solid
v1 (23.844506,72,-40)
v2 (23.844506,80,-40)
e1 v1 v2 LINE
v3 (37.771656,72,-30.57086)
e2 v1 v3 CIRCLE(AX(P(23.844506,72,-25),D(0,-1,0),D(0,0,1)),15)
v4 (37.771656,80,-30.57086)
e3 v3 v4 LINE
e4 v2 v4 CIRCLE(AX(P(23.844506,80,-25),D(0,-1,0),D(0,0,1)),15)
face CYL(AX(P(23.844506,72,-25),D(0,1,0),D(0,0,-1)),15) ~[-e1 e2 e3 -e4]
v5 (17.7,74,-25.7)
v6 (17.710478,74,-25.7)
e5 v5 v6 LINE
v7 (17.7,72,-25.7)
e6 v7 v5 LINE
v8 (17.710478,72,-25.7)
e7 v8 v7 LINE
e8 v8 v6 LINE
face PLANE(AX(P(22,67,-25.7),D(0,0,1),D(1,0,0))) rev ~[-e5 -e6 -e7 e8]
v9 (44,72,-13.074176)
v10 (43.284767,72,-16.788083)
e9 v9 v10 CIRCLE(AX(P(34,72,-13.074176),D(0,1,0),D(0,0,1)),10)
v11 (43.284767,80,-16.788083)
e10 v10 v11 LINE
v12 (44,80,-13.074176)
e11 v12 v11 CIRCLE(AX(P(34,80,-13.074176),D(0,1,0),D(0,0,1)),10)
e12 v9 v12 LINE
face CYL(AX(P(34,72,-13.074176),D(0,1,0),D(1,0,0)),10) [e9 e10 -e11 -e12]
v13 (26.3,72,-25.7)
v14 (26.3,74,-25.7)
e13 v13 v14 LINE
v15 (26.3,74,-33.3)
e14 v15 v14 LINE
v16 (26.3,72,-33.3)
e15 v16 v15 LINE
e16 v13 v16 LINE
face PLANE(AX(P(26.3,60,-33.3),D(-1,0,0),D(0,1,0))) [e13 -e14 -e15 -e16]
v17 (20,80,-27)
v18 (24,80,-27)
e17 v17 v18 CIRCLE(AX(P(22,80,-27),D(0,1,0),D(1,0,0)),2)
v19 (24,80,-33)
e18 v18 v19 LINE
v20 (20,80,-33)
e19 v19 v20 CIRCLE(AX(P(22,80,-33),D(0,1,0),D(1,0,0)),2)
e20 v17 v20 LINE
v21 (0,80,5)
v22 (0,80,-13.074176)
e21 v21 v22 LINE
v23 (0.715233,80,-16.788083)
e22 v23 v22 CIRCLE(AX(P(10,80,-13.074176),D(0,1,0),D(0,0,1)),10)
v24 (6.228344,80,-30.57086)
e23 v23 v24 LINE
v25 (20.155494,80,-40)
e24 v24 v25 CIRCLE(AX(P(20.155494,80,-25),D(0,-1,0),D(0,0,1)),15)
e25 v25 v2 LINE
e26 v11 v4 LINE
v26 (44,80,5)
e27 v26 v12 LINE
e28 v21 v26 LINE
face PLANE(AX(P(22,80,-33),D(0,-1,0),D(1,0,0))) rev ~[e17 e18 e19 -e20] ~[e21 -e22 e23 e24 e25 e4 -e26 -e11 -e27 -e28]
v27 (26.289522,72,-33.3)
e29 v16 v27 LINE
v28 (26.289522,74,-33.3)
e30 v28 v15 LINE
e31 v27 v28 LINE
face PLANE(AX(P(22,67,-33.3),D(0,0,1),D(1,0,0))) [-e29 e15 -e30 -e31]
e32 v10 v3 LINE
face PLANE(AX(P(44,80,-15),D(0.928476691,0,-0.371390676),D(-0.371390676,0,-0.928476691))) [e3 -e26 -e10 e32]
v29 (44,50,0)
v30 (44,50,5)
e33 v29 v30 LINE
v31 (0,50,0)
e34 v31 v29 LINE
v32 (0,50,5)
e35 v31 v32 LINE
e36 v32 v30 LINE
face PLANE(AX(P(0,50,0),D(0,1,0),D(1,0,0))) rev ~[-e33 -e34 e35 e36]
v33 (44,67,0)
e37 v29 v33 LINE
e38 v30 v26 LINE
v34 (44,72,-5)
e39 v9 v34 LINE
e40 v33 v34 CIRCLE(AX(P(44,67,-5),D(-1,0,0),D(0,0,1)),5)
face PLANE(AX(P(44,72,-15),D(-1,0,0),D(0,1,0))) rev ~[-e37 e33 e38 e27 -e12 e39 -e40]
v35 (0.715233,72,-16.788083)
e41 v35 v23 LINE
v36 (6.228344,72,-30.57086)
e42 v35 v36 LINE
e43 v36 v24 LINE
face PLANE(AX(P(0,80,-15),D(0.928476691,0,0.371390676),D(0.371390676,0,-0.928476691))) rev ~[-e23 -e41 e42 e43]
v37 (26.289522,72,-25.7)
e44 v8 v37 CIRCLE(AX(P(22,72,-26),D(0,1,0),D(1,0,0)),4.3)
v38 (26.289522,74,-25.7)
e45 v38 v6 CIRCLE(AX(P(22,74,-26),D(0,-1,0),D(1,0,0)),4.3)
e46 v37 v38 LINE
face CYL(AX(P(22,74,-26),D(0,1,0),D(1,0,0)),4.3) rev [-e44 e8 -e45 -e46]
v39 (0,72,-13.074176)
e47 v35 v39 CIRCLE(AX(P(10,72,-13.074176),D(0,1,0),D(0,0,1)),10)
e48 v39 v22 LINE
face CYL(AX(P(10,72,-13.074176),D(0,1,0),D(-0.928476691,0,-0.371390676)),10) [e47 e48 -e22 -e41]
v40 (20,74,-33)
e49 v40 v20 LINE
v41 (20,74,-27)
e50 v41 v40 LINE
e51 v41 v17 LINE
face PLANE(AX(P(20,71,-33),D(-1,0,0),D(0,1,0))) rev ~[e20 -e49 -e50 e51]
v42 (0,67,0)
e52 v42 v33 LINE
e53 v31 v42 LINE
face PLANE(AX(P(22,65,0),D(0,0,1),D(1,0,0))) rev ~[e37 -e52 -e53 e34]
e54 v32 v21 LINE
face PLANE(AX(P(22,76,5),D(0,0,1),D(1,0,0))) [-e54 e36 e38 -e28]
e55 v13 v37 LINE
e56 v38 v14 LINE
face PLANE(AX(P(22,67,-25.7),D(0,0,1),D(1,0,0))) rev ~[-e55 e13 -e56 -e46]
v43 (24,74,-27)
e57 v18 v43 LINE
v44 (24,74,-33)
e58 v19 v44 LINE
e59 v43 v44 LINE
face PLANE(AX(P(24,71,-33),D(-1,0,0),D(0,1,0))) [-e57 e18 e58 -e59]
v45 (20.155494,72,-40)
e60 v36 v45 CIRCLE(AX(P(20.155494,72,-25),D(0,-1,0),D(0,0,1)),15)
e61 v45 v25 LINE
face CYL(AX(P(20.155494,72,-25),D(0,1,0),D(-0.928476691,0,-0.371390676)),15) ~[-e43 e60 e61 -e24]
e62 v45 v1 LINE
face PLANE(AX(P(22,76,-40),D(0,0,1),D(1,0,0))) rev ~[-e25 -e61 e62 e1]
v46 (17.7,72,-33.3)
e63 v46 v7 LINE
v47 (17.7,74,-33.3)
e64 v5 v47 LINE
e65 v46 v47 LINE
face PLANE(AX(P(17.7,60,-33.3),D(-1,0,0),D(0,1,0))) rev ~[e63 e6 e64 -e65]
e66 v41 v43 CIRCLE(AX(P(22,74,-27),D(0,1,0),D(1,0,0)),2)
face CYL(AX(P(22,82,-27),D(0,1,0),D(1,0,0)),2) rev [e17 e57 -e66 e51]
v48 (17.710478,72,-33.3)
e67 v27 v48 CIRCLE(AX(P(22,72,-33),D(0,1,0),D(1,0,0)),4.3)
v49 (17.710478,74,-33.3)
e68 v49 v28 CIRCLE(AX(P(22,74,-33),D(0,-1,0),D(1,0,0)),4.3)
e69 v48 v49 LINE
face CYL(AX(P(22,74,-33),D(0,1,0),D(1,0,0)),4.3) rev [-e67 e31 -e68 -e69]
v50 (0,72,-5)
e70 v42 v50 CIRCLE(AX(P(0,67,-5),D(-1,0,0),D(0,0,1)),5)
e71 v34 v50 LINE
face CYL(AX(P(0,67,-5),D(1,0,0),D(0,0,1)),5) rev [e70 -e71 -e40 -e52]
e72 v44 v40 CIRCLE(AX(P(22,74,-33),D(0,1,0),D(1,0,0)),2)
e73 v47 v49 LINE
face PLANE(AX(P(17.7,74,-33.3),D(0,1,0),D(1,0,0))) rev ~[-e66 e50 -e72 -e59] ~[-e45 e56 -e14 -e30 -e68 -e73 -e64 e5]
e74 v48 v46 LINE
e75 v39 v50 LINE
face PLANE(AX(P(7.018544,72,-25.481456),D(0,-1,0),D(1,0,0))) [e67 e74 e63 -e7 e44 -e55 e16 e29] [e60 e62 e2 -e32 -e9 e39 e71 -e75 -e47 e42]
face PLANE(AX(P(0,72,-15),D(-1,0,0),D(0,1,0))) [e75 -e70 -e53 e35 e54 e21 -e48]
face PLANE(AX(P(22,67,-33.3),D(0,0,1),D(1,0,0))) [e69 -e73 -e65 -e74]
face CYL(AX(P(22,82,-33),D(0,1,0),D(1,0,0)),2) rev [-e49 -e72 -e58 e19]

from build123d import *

# Parameters (mm, degrees)
BOX009_W                  = 8.6
BOX009_H                  = 14
BOX009_DEPTH              = 7.6
CYLINDER017_R             = 4.3
CYLINDER017_DEPTH         = 10
CYLINDER016_R             = 4.3
CYLINDER016_DEPTH         = 10
CYLINDER018_R             = 2
CYLINDER018_DEPTH         = 10
CYLINDER019_R             = 4.25
CYLINDER019_DEPTH         = 10
CYLINDER015_R             = 2
CYLINDER015_DEPTH         = 10
BOX008_W                  = 4
BOX008_H                  = 16
BOX008_DEPTH              = 6
BOX010_W                  = 15
BOX010_H                  = 8
BOX010_DEPTH              = 10
CYLINDER013_R             = 2
CYLINDER013_DEPTH         = 10
CYLINDER014_R             = 4.25
CYLINDER014_DEPTH         = 10
FUSION013_PLACEMENT_ANGLE = 180
CYLINDER010_R             = 4.25
CYLINDER010_DEPTH         = 10
CYLINDER011_R             = 2
CYLINDER011_DEPTH         = 10
CYLINDER012_R             = 4.25
CYLINDER012_DEPTH         = 10
EXTRUDE001_DEPTH          = 8
BOX007_W                  = 24
BOX007_H                  = 8
BOX007_DEPTH              = 45
BOX006_W                  = 44
BOX006_H                  = 8
BOX006_DEPTH              = 15
BOX005_W                  = 44
BOX005_H                  = 30
BOX005_DEPTH              = 5
FILLET003_R               = 5
FILLET005_R               = 15
FILLET004_R               = 10
CHAMFER004_SIZE           = 2.2
CHAMFER005_SIZE           = 2.2


with BuildPart() as cube009:
    # Box009 → Box009 (new body)
    with BuildSketch(Plane(origin=(17.7, 59, -33.3), x_dir=(1, 0, 0), z_dir=(0, 0, 1))):
        with Locations((4.3, 7)):
            Rectangle(BOX009_W, BOX009_H)
    extrude(amount=BOX009_DEPTH)


with BuildPart() as cylinder017:
    # Cylinder017 → Cylinder017 (new body)
    with BuildSketch(Plane(origin=(22, 73, -26), x_dir=(1, 0, 0), z_dir=(0, -1, 0))):
        Circle(CYLINDER017_R)
    extrude(amount=CYLINDER017_DEPTH)


with BuildPart() as corta_grande:
    # Cylinder016 → Cylinder016 (new body)
    with BuildSketch(Plane(origin=(22, 73, -33), x_dir=(1, 0, 0), z_dir=(0, -1, 0))):
        Circle(CYLINDER016_R)
    extrude(amount=CYLINDER016_DEPTH)

    # Fusion017: union Cube009, Cylinder017
    add(cube009.part)
    add(cylinder017.part)


with BuildPart() as corta_grande_1:
    # Fusion017 placement: moved
    add(corta_grande.part.moved(Location((0, 1, 0))))


with BuildPart() as cylinder018:
    # Cylinder018 → Cylinder018 (new body)
    with BuildSketch(Plane(origin=(22, 80, -33), x_dir=(1, 0, 0), z_dir=(0, -1, 0))):
        Circle(CYLINDER018_R)
    extrude(amount=CYLINDER018_DEPTH)


with BuildPart() as fusion018:
    # Cylinder019 → Cylinder019 (new body)
    with BuildSketch(Plane(origin=(22, 89, -33), x_dir=(1, 0, 0), z_dir=(0, -1, 0))):
        Circle(CYLINDER019_R)
    extrude(amount=CYLINDER019_DEPTH)

    # Fusion018: union Cylinder018
    add(cylinder018.part)


with BuildPart() as cylinder015:
    # Cylinder015 → Cylinder015 (new body)
    with BuildSketch(Plane(origin=(22, 80, -27), x_dir=(1, 0, 0), z_dir=(0, -1, 0))):
        Circle(CYLINDER015_R)
    extrude(amount=CYLINDER015_DEPTH)


with BuildPart() as corta_chico:
    # Box008 → Box008 (new body)
    with BuildSketch(Plane(origin=(20, 69, -33), x_dir=(1, 0, 0), z_dir=(0, 0, 1))):
        with Locations((2, 8)):
            Rectangle(BOX008_W, BOX008_H)
    extrude(amount=BOX008_DEPTH)

    # Fusion016: union Cylinder015
    add(cylinder015.part)

    # Fusion019: union Fusion018
    add(fusion018.part)


with BuildPart() as corta_chico_1:
    # Fusion019 placement: moved
    add(corta_chico.part.moved(Location((0, 2, 0))))


with BuildPart() as cube010:
    # Box010 → Box010 (new body)
    with BuildSketch(Plane(origin=(14, 72, -38), x_dir=(1, 0, 0), z_dir=(0, 0, 1))):
        with Locations((7.5, 4)):
            Rectangle(BOX010_W, BOX010_H)
    extrude(amount=BOX010_DEPTH)


with BuildPart() as cylinder013:
    # Cylinder013 → Cylinder013 (new body)
    with BuildSketch(Plane(origin=(22, 80, -33), x_dir=(1, 0, 0), z_dir=(0, -1, 0))):
        Circle(CYLINDER013_R)
    extrude(amount=CYLINDER013_DEPTH)


with BuildPart() as fusion013:
    # Cylinder014 → Cylinder014 (new body)
    with BuildSketch(Plane(origin=(22, 89, -33), x_dir=(1, 0, 0), z_dir=(0, -1, 0))):
        Circle(CYLINDER014_R)
    extrude(amount=CYLINDER014_DEPTH)

    # Fusion013: union Cylinder013
    add(cylinder013.part)


with BuildPart() as fusion013_1:
    # Fusion013 placement: moved
    add(fusion013.part.moved(Location((0, 152, -66))).rotate(Axis((0, 152, -66), (1, 0, 0)), FUSION013_PLACEMENT_ANGLE))


with BuildPart() as cylinder010:
    # Cylinder010 → Cylinder010 (new body)
    with BuildSketch(Plane(origin=(22, 80, -33), x_dir=(1, 0, 0), z_dir=(0, -1, 0))):
        Circle(CYLINDER010_R)
    extrude(amount=CYLINDER010_DEPTH)


with BuildPart() as cylinder011:
    # Cylinder011 → Cylinder011 (new body)
    with BuildSketch(Plane(origin=(22, 80, -33), x_dir=(1, 0, 0), z_dir=(0, -1, 0))):
        Circle(CYLINDER011_R)
    extrude(amount=CYLINDER011_DEPTH)


with BuildPart() as fusion010:
    # Cylinder012 → Cylinder012 (new body)
    with BuildSketch(Plane(origin=(22, 89, -33), x_dir=(1, 0, 0), z_dir=(0, -1, 0))):
        Circle(CYLINDER012_R)
    extrude(amount=CYLINDER012_DEPTH)

    # Fusion010: union Cylinder011
    add(cylinder011.part)


with BuildPart() as extrude001:
    # Sketch001 (on Face11 of Fusion012) → Extrude001 (new body)
    with BuildSketch(Plane(origin=(0, 80, 0), x_dir=(-1, 0, 0), z_dir=(0, 1, 0))):
        Polygon((-44, -15), (-34, -40), (-34, -15), align=None)
        Polygon((-10, -15), (0, -15), (-10, -40), align=None)
    extrude(amount=-EXTRUDE001_DEPTH)


with BuildPart() as cube007:
    # Box007 → Box007 (new body)
    with BuildSketch(Plane(origin=(10, 72, -40), x_dir=(1, 0, 0), z_dir=(0, 0, 1))):
        with Locations((12, 4)):
            Rectangle(BOX007_W, BOX007_H)
    extrude(amount=BOX007_DEPTH)


with BuildPart() as cube006:
    # Box006 → Box006 (new body)
    with BuildSketch(Plane(origin=(0, 72, -15), x_dir=(1, 0, 0), z_dir=(0, 0, 1))):
        with Locations((22, 4)):
            Rectangle(BOX006_W, BOX006_H)
    extrude(amount=BOX006_DEPTH)


with BuildPart() as cut007:
    # Box005 → Box005 (new body)
    with BuildSketch(Plane(origin=(0, 50, 0), x_dir=(1, 0, 0), z_dir=(0, 0, 1))):
        with Locations((22, 15)):
            Rectangle(BOX005_W, BOX005_H)
    extrude(amount=BOX005_DEPTH)

    # Fusion014: union Cube006
    add(cube006.part)

    # Fillet003
    fillet003_edges = [cut007.edges().sort_by_distance(p)[0] for p in [
        (22, 72, 0),
    ]]
    fillet(fillet003_edges, radius=FILLET003_R)

    # Fusion012: union Cube007
    add(cube007.part)

    # Fusion015: union Extrude001
    add(extrude001.part)

    # Fillet005
    fillet005_edges = [cut007.edges().sort_by_distance(p)[0] for p in [
        (10, 76, -40),
        (34, 76, -40),
    ]]
    fillet(fillet005_edges, radius=FILLET005_R)

    # Fillet004
    fillet004_edges = [cut007.edges().sort_by_distance(p)[0] for p in [
        (44, 76, -15),
        (0, 76, -15),
    ]]
    fillet(fillet004_edges, radius=FILLET004_R)

    # Cut004: cut Fusion010
    add(fusion010.part, mode=Mode.SUBTRACT)

    # Chamfer004
    chamfer004_edges = [cut007.edges().sort_by_distance(p)[0] for p in [
        (20, 79, -33),
    ]]
    chamfer(chamfer004_edges, length=CHAMFER004_SIZE)

    # Fusion011: union Cylinder010
    add(cylinder010.part)

    # Cut005: cut Fusion013
    add(fusion013_1.part, mode=Mode.SUBTRACT)

    # Chamfer005
    chamfer005_edges = [cut007.edges().sort_by_distance(p)[0] for p in [
        (20, 73, -33),
    ]]
    chamfer(chamfer005_edges, length=CHAMFER005_SIZE)

    # Fusion020: union Cube010
    add(cube010.part)

    # Cut006: cut corta_chico
    add(corta_chico_1.part, mode=Mode.SUBTRACT)

    # Cut007: cut corta_grande
    add(corta_grande_1.part, mode=Mode.SUBTRACT)


solid = cut007.part
